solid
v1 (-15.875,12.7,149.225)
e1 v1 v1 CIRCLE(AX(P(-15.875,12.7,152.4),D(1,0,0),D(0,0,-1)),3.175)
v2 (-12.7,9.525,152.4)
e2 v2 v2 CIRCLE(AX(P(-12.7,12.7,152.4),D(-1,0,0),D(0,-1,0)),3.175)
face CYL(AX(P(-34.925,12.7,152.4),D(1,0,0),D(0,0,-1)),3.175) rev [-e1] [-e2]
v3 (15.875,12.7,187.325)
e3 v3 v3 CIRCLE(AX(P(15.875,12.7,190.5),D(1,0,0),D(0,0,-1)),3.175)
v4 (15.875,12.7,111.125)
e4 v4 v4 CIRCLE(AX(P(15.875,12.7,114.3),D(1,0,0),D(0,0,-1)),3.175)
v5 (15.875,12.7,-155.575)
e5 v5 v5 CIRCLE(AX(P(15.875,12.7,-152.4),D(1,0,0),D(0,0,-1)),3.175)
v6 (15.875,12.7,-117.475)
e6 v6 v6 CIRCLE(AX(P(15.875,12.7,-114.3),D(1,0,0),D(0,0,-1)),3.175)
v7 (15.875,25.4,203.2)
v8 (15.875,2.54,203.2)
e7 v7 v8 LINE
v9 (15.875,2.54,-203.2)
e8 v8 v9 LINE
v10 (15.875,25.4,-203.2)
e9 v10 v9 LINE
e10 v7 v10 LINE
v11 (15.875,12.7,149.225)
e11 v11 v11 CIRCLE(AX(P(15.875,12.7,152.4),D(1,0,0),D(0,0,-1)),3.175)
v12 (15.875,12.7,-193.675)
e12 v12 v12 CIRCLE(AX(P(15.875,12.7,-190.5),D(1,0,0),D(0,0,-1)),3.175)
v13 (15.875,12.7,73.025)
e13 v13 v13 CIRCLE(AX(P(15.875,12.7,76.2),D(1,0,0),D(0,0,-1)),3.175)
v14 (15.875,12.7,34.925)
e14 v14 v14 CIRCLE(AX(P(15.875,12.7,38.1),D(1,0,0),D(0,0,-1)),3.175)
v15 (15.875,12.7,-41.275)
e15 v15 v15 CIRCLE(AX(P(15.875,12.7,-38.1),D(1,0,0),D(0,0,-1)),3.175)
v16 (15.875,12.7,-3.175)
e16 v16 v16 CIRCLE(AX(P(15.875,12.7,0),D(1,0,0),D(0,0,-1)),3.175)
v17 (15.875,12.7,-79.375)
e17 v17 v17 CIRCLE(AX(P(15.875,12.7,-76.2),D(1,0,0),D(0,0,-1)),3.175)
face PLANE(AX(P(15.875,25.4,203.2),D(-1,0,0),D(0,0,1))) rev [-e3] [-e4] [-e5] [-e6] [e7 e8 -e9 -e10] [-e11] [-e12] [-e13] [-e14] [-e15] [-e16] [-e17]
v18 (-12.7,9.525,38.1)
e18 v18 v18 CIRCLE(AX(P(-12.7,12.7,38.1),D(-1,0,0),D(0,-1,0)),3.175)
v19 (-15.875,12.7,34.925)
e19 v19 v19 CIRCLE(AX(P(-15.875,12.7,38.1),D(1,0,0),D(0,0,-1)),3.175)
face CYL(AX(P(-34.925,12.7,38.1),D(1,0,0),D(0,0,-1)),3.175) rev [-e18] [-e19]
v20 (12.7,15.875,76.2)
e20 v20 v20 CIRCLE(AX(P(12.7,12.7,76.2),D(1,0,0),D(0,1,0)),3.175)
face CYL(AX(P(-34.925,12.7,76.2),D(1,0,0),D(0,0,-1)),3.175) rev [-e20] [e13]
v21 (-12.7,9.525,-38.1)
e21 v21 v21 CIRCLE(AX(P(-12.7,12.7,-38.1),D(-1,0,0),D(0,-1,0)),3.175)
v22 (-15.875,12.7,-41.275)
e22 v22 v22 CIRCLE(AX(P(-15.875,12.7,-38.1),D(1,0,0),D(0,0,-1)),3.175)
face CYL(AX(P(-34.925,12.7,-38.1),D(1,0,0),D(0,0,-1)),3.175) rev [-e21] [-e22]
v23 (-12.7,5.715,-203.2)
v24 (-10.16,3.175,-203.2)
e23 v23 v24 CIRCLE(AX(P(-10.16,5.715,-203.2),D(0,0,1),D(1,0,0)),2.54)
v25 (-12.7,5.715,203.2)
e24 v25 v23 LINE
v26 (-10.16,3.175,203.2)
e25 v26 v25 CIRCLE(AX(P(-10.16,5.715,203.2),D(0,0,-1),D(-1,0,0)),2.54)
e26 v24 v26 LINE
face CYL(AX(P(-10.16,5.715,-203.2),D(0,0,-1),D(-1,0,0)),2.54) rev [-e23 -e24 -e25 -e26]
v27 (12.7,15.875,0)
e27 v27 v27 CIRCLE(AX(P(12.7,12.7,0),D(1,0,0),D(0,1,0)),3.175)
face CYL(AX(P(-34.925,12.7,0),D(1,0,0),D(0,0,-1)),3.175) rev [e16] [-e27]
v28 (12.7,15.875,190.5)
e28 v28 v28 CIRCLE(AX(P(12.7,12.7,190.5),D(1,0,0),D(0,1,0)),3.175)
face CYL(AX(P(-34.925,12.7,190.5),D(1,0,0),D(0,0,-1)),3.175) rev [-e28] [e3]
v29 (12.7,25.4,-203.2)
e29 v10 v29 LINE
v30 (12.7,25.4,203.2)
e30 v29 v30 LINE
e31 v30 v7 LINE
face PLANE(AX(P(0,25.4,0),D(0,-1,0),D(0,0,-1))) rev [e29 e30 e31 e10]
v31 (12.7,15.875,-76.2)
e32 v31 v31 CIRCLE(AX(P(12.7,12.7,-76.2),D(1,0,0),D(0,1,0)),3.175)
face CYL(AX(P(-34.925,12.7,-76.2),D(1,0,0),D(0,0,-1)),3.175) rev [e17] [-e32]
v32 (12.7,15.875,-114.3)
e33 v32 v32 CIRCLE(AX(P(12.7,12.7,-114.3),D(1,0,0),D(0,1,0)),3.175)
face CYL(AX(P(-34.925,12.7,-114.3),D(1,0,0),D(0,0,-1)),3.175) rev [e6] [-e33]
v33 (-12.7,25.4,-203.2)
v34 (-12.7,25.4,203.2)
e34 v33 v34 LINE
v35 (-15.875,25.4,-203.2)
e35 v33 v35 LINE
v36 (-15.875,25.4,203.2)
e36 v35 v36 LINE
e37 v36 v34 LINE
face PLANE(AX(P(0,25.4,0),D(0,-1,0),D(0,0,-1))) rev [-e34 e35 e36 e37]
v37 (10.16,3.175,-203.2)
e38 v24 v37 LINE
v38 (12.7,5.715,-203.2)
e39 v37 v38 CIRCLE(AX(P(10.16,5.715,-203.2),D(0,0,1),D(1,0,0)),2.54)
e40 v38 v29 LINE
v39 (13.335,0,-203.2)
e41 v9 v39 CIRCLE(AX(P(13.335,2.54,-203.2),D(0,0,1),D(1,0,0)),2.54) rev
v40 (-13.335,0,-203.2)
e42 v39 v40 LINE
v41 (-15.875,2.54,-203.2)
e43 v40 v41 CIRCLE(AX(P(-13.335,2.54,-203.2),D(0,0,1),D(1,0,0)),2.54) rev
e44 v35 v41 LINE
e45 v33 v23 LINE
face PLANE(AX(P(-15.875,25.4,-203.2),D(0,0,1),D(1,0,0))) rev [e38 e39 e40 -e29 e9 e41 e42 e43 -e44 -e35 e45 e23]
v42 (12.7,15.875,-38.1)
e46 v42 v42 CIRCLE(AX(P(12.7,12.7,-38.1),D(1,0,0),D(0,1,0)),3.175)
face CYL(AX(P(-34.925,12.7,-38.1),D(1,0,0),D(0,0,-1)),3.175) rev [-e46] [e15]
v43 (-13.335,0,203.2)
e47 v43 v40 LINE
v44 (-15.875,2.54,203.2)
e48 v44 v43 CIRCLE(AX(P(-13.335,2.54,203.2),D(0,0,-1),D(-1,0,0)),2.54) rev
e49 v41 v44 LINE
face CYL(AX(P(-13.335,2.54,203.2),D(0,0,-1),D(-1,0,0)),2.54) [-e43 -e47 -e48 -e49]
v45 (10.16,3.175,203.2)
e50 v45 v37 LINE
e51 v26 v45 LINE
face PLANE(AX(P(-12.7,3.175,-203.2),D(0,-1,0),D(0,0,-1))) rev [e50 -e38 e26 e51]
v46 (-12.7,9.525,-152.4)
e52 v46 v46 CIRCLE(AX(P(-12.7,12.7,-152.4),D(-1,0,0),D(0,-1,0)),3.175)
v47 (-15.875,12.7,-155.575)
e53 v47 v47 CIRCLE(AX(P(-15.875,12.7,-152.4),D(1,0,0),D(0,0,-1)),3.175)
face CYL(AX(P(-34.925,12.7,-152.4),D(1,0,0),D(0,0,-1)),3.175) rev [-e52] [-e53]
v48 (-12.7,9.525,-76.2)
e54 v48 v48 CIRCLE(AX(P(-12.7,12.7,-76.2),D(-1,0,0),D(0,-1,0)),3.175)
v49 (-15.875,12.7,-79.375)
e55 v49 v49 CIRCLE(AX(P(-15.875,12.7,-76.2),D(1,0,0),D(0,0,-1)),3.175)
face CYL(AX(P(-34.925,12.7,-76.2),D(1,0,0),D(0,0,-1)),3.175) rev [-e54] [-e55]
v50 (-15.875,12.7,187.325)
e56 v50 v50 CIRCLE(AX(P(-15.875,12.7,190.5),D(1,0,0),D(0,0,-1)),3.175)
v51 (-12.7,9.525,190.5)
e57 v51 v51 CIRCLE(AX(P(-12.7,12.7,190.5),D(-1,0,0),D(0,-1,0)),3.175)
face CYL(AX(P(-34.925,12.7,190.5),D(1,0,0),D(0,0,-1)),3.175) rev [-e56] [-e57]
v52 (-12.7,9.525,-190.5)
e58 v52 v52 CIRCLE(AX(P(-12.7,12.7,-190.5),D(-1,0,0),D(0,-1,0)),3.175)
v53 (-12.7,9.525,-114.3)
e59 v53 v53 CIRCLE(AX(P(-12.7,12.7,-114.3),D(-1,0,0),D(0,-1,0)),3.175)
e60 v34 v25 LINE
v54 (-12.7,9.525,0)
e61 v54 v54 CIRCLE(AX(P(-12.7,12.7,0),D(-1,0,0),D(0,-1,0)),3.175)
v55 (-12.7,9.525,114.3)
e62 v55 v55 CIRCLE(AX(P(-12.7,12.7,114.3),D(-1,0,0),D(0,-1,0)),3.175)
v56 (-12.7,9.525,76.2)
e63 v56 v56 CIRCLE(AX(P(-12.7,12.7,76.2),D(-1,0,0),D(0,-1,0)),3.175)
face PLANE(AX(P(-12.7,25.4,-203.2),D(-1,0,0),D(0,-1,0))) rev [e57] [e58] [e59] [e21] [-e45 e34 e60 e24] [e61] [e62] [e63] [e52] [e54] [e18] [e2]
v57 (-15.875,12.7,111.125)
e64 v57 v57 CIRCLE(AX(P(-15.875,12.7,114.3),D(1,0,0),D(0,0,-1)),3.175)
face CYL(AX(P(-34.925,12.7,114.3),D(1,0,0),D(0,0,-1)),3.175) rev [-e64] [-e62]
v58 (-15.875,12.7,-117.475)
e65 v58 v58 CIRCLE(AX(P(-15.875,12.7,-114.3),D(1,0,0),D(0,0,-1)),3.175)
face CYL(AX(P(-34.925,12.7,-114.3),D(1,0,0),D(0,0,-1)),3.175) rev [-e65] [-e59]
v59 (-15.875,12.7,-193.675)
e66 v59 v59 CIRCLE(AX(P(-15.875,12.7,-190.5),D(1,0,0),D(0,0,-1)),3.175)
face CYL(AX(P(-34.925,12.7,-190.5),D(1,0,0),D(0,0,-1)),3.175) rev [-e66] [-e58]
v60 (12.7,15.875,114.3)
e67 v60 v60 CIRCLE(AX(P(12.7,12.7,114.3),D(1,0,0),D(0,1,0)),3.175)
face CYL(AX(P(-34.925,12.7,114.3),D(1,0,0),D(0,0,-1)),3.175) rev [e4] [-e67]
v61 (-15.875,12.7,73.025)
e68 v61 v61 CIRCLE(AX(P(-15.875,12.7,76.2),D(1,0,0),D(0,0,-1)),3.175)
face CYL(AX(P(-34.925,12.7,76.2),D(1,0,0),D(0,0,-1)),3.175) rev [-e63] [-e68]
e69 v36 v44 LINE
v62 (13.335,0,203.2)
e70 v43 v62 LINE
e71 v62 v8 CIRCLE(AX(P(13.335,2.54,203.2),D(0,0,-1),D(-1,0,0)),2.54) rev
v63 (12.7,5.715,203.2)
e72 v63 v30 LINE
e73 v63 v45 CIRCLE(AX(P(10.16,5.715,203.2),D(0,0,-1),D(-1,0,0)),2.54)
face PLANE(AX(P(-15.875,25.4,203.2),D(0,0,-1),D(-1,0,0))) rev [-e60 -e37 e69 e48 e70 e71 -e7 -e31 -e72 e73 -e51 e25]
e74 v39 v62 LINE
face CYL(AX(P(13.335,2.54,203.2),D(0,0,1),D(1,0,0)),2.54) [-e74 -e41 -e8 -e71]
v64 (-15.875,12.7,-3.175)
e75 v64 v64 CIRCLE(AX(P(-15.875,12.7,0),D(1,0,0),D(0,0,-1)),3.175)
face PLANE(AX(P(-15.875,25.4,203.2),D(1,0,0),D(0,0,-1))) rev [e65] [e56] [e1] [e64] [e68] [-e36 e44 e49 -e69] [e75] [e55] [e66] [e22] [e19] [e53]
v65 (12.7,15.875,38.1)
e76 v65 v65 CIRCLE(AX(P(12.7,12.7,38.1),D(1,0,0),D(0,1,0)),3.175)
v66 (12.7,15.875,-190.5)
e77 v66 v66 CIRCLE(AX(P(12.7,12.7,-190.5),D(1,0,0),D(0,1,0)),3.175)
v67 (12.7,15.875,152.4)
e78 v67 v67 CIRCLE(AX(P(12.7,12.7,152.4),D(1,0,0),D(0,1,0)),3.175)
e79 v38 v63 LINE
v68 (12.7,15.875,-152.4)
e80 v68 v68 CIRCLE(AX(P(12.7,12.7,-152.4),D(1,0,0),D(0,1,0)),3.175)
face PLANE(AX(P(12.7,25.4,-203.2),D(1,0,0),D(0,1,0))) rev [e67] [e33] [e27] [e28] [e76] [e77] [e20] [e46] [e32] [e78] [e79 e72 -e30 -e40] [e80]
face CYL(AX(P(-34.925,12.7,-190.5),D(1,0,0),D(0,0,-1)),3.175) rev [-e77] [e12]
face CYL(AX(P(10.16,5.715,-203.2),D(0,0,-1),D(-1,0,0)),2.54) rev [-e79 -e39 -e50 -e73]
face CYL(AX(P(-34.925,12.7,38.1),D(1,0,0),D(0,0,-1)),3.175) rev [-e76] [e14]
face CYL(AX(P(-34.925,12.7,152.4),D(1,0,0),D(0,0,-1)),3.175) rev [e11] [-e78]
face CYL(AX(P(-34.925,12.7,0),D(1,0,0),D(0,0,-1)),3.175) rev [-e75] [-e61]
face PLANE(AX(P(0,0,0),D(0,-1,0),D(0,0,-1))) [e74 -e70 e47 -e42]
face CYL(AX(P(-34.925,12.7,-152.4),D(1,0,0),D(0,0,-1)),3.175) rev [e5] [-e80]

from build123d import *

# Parameters (mm, degrees)
SKETCH2_W           = 31.75
SKETCH2_H           = 406.4
BOSS_EXTRUDE1_DEPTH = 25.4
SKETCH3_W           = 25.4
SKETCH3_H           = 22.225
CUT_EXTRUDE1_DEPTH  = 406.4
FILLET1_R           = 2.54
FILLET3_R           = 2.54
SKETCH4_R           = 3.175
CUT_EXTRUDE2_DEPTH  = 50.8


with BuildPart() as part:
    # Sketch2 → Boss-Extrude1 (new body)
    with BuildSketch(Plane(origin=(0, 0, 0), x_dir=(1, 0, 0), z_dir=(0, 1, 0))):
        Rectangle(SKETCH2_W, SKETCH2_H)
    extrude(amount=BOSS_EXTRUDE1_DEPTH)

    # Sketch3 → Cut-Extrude1 (cut)
    with BuildSketch(Plane.XY.offset(203.2)):
        with Locations((0, 14.2875)):
            Rectangle(SKETCH3_W, SKETCH3_H)
    extrude(amount=-CUT_EXTRUDE1_DEPTH, mode=Mode.SUBTRACT)

    # Fillet1
    fillet1_edges = [part.edges().sort_by_distance(p)[0] for p in [
        (-15.875, 0, 0),
        (15.875, 0, 0),
    ]]
    fillet(fillet1_edges, radius=FILLET1_R)

    # Fillet3
    fillet3_edges = [part.edges().sort_by_distance(p)[0] for p in [
        (-12.7, 3.175, 0),
        (12.7, 3.175, 0),
    ]]
    fillet(fillet3_edges, radius=FILLET3_R)

    # Sketch4 → Cut-Extrude2 (cut)
    with BuildSketch(Plane(origin=(15.875, 0, 0), x_dir=(0, 0, -1), z_dir=(1, 0, 0))):
        with Locations((-190.5, 12.7)):
            Circle(SKETCH4_R)
        with Locations((-152.4, 12.7)):
            Circle(SKETCH4_R)
        with Locations((-114.3, 12.7)):
            Circle(SKETCH4_R)
        with Locations((-76.2, 12.7)):
            Circle(SKETCH4_R)
        with Locations((-38.1, 12.7)):
            Circle(SKETCH4_R)
        with Locations((0, 12.7)):
            Circle(SKETCH4_R)
        with Locations((38.1, 12.7)):
            Circle(SKETCH4_R)
        with Locations((76.2, 12.7)):
            Circle(SKETCH4_R)
        with Locations((114.3, 12.7)):
            Circle(SKETCH4_R)
        with Locations((152.4, 12.7)):
            Circle(SKETCH4_R)
        with Locations((190.5, 12.7)):
            Circle(SKETCH4_R)
    extrude(amount=-CUT_EXTRUDE2_DEPTH, mode=Mode.SUBTRACT)


solid = part.part
